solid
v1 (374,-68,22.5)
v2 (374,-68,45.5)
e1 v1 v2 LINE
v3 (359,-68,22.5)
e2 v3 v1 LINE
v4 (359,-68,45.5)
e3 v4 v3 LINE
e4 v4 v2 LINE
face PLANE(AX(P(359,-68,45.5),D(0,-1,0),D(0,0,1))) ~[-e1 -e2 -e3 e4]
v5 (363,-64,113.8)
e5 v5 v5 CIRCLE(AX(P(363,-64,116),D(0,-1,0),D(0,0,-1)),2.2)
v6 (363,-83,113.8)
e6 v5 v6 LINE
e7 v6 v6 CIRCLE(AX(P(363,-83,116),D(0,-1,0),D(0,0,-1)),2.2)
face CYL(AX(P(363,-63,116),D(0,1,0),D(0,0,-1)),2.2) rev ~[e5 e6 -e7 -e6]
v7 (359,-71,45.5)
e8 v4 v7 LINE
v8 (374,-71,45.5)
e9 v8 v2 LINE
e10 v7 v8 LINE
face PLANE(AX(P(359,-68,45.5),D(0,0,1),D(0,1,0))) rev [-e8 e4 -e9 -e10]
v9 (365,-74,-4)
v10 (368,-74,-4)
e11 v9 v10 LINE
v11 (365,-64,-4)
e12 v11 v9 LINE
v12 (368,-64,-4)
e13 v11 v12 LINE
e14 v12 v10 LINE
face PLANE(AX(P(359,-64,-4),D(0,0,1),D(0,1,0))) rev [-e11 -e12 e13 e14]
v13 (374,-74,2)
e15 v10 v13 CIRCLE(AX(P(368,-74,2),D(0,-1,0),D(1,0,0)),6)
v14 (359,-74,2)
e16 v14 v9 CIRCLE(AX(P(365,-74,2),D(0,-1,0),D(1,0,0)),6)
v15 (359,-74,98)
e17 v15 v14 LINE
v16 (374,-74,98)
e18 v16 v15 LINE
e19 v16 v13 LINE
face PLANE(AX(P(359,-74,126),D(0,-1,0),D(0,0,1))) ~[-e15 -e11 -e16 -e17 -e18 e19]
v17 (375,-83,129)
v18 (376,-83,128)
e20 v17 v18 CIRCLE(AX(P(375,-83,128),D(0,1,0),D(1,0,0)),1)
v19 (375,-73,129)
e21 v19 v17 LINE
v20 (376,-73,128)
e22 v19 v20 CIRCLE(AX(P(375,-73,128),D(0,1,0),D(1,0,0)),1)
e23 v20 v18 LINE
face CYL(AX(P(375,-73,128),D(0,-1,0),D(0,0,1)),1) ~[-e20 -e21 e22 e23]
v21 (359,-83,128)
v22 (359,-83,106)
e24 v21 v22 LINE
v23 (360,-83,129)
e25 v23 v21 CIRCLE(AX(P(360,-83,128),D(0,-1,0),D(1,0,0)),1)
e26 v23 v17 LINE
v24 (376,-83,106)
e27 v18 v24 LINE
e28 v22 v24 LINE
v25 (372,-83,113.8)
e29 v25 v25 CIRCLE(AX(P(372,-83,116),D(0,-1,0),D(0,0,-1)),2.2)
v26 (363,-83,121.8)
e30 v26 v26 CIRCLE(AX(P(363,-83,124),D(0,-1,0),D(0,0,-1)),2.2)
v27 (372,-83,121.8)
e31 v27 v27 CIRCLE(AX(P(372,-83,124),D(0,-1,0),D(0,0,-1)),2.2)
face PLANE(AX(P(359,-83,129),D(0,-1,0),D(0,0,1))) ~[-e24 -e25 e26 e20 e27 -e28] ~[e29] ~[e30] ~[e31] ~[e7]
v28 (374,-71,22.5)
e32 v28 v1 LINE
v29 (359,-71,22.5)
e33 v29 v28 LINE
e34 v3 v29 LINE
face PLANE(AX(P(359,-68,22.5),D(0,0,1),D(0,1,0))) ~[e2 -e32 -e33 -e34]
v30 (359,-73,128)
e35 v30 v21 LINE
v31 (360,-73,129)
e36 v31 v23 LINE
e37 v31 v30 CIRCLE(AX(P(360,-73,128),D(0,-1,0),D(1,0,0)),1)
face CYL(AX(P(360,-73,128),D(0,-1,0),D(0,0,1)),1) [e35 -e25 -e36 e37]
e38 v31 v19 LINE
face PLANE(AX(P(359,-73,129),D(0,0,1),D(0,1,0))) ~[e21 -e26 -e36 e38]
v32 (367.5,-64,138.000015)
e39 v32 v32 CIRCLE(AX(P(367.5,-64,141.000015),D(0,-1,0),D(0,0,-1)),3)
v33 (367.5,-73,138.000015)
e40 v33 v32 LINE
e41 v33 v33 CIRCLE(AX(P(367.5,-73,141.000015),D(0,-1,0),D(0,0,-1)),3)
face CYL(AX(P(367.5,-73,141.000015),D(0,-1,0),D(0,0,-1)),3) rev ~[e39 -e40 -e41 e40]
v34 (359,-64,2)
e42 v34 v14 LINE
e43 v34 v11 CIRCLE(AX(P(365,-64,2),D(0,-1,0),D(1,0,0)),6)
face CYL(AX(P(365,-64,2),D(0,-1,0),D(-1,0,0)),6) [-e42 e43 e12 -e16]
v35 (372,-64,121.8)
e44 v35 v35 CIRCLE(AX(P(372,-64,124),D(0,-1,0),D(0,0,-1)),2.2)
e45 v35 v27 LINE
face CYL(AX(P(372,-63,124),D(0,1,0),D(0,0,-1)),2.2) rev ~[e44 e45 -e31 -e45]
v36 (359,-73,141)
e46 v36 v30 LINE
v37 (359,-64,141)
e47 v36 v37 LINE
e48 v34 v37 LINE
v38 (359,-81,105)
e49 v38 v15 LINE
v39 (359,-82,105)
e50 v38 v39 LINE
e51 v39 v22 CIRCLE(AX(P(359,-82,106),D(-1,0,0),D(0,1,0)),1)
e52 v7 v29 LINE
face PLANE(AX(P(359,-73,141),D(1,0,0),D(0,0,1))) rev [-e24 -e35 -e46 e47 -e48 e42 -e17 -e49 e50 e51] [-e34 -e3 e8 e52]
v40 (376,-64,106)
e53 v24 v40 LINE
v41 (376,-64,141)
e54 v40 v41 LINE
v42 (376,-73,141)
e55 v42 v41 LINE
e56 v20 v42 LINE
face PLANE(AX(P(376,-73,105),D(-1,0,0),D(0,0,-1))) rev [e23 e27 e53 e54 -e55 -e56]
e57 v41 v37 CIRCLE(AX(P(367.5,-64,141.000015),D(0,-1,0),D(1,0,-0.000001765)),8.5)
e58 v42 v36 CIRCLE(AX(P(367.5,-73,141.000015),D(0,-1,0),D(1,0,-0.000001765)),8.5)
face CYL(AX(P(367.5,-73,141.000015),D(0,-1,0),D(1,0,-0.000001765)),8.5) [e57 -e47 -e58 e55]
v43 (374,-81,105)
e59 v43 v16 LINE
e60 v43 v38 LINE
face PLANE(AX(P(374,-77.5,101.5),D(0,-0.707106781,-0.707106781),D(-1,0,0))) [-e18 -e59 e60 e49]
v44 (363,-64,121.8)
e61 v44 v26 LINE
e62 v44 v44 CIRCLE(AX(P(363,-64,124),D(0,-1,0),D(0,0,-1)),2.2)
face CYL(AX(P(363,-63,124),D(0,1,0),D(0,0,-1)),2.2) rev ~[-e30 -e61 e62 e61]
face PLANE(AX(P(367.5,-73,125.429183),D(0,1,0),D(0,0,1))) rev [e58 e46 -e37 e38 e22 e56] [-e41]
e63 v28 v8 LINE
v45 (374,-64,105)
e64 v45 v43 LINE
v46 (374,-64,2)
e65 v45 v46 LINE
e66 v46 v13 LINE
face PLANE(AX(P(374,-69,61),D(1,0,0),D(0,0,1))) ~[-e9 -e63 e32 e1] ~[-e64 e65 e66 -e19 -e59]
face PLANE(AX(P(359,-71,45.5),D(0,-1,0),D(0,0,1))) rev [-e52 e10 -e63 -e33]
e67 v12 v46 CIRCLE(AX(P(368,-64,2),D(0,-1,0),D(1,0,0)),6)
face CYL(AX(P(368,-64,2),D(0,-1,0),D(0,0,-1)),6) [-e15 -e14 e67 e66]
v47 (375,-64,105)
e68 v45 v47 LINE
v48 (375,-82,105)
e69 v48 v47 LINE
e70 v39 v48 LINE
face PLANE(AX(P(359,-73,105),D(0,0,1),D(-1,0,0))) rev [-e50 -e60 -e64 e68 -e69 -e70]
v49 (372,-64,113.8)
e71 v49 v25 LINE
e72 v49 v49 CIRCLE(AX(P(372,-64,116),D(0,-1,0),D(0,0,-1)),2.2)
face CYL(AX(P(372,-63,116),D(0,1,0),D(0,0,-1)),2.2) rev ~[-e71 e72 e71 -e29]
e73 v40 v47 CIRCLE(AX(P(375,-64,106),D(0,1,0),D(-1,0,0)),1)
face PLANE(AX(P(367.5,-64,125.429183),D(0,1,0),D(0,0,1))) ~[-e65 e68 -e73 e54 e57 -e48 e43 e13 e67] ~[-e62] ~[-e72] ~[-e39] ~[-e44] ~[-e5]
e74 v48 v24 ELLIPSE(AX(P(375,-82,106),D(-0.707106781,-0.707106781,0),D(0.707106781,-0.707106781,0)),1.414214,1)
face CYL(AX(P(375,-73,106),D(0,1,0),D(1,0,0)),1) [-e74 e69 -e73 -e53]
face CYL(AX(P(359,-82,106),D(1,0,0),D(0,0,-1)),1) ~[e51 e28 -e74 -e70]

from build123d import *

# Parameters (mm, degrees)
CYLINDER042_R                 = 2.2
CYLINDER042_DEPTH             = 26
CYLINDER042_ROLL_ANGLE        = -90
ARRAY009_X_COUNT              = 2
ARRAY009_X_PITCH              = 8
ARRAY009_Z_COUNT              = 2
ARRAY009_Z_PITCH              = 9
BOX033_W                      = 23
BOX033_H                      = 3
BOX033_DEPTH                  = 20
BOX030_W                      = 130
BOX030_H                      = 10
BOX030_DEPTH                  = 15
SKETCH026_R                   = 3
PAD026_DEPTH                  = 9
FILLET011_R                   = 1
BOX031_W                      = 24
BOX031_H                      = 10
BOX031_DEPTH                  = 17
FILLET012_R                   = 1
CHAMFER002_SIZE               = 7
FILLET013_R                   = 6
PART_MIRRORING004_PITCH_ANGLE = 90


with BuildPart() as taladros_suje_traccion004:
    # Cylinder042 → Cylinder042 (new body)
    with BuildSketch(Plane.XY):
        Circle(CYLINDER042_R)
    extrude(amount=CYLINDER042_DEPTH)


with BuildPart() as taladros_suje_traccion004_1:
    # Cylinder042 roll: moved
    add(taladros_suje_traccion004.part.rotate(Axis((0, 0, 0), (1, 0, 0)), CYLINDER042_ROLL_ANGLE))


with BuildPart() as taladros_suje_traccion004_2:
    # Cylinder042 placement: moved
    add(taladros_suje_traccion004_1.part.moved(Location((202, 0, 4))))

    # Array009 X: Taladros_suje_traccion004 ×2


with BuildPart() as taladros_suje_traccion004_3:
    add(taladros_suje_traccion004_2.part)
    with Locations(*[(i * ARRAY009_X_PITCH, 0, 0) for i in range(1, ARRAY009_X_COUNT)]):
        add(taladros_suje_traccion004_2.part)

    # Array009 Z: Taladros_suje_traccion004 ×2


with BuildPart() as taladros_suje_traccion004_4:
    add(taladros_suje_traccion004_3.part)
    with Locations(*[(0, 0, i * ARRAY009_Z_PITCH) for i in range(1, ARRAY009_Z_COUNT)]):
        add(taladros_suje_traccion004_3.part)


with BuildPart() as agarre003:
    # Box033 → Box033 (new body)
    with BuildSketch(Plane(origin=(280.5, 5, 0), x_dir=(1, 0, 0), z_dir=(0, 0, 1))):
        with Locations((11.5, 1.5)):
            Rectangle(BOX033_W, BOX033_H)
    extrude(amount=BOX033_DEPTH)


with BuildPart() as base_tibia001:
    # Box030 → Box030 (new body)
    with BuildSketch(Plane(origin=(200, 1.5, 0), x_dir=(1, 0, 0), z_dir=(0, 0, 1))):
        with Locations((65, 5)):
            Rectangle(BOX030_W, BOX030_H)
    extrude(amount=BOX030_DEPTH)


with BuildPart() as tibia_agarre001:
    # Sketch026 → Pad026 (new body)
    with BuildSketch(Plane(origin=(221, 10.5, 0), x_dir=(1, 0, 0), z_dir=(0, -1, 0))):
        with BuildLine():
            Line((0, 17), (-36, 17))
            ThreePointArc((-36, 17), (-44.500015, 8.5), (-36, 0))
            Line((-36, 0), (0, 0))
            Line((0, 0), (0, 17))
        make_face()
        with Locations((-36.000015, 8.5)):
            Circle(SKETCH026_R, mode=Mode.SUBTRACT)
    extrude(amount=PAD026_DEPTH)

    # Fillet011
    fillet011_edges = [tibia_agarre001.edges().sort_by_distance(p)[0] for p in [
        (221, 6, 17),
        (221, 6, 0),
    ]]
    fillet(fillet011_edges, radius=FILLET011_R)

    # Fusion009003030: union Base_tibia001
    add(base_tibia001.part)


with BuildPart() as tibia_agarre001_1:
    # Fusion009003030 placement: moved
    add(tibia_agarre001.part.moved(Location((0, -0.5, 0))))

    # Cut024: cut Agarre003
    add(agarre003.part, mode=Mode.SUBTRACT)


with BuildPart() as tibia_redondeada001:
    # Box031 → Box031 (new body)
    with BuildSketch(Plane(origin=(197, 10, 0), x_dir=(1, 0, 0), z_dir=(0, 0, 1))):
        with Locations((12, 5)):
            Rectangle(BOX031_W, BOX031_H)
    extrude(amount=BOX031_DEPTH)

    # Fillet012
    fillet012_edges = [tibia_redondeada001.edges().sort_by_distance(p)[0] for p in [
        (197, 15, 17),
        (197, 15, 0),
        (221, 15, 17),
        (221, 20, 8.5),
    ]]
    fillet(fillet012_edges, radius=FILLET012_R)

    # Fusion009003035: union Tibia_agarre001
    add(tibia_agarre001_1.part)

    # Chamfer002
    chamfer002_edges = [tibia_redondeada001.edges().sort_by_distance(p)[0] for p in [
        (221, 11, 7.5),
    ]]
    chamfer(chamfer002_edges, length=CHAMFER002_SIZE)

    # Cut025: cut Taladros_suje_traccion004
    add(taladros_suje_traccion004_4.part, mode=Mode.SUBTRACT)

    # Fillet013
    fillet013_edges = [tibia_redondeada001.edges().sort_by_distance(p)[0] for p in [
        (330, 6, 0),
        (330, 6, 15),
    ]]
    fillet(fillet013_edges, radius=FILLET013_R)


with BuildPart() as part_mirroring004:
    # Part__Mirroring004: instance of Tibia_redondeada001
    add(tibia_redondeada001.part.mirror(Plane(origin=(0, 0, 0), x_dir=(1, 0, 0), z_dir=(0, 1, 0))))


with BuildPart() as part_mirroring004_1:
    # Part__Mirroring004 pitch: moved
    add(part_mirroring004.part.rotate(Axis((0, 0, 0), (0, 1, 0)), PART_MIRRORING004_PITCH_ANGLE))


with BuildPart() as part_mirroring004_2:
    # Part__Mirroring004 placement: moved
    add(part_mirroring004_1.part.moved(Location((359, -63, 326))))


solid = part_mirroring004_2.part
